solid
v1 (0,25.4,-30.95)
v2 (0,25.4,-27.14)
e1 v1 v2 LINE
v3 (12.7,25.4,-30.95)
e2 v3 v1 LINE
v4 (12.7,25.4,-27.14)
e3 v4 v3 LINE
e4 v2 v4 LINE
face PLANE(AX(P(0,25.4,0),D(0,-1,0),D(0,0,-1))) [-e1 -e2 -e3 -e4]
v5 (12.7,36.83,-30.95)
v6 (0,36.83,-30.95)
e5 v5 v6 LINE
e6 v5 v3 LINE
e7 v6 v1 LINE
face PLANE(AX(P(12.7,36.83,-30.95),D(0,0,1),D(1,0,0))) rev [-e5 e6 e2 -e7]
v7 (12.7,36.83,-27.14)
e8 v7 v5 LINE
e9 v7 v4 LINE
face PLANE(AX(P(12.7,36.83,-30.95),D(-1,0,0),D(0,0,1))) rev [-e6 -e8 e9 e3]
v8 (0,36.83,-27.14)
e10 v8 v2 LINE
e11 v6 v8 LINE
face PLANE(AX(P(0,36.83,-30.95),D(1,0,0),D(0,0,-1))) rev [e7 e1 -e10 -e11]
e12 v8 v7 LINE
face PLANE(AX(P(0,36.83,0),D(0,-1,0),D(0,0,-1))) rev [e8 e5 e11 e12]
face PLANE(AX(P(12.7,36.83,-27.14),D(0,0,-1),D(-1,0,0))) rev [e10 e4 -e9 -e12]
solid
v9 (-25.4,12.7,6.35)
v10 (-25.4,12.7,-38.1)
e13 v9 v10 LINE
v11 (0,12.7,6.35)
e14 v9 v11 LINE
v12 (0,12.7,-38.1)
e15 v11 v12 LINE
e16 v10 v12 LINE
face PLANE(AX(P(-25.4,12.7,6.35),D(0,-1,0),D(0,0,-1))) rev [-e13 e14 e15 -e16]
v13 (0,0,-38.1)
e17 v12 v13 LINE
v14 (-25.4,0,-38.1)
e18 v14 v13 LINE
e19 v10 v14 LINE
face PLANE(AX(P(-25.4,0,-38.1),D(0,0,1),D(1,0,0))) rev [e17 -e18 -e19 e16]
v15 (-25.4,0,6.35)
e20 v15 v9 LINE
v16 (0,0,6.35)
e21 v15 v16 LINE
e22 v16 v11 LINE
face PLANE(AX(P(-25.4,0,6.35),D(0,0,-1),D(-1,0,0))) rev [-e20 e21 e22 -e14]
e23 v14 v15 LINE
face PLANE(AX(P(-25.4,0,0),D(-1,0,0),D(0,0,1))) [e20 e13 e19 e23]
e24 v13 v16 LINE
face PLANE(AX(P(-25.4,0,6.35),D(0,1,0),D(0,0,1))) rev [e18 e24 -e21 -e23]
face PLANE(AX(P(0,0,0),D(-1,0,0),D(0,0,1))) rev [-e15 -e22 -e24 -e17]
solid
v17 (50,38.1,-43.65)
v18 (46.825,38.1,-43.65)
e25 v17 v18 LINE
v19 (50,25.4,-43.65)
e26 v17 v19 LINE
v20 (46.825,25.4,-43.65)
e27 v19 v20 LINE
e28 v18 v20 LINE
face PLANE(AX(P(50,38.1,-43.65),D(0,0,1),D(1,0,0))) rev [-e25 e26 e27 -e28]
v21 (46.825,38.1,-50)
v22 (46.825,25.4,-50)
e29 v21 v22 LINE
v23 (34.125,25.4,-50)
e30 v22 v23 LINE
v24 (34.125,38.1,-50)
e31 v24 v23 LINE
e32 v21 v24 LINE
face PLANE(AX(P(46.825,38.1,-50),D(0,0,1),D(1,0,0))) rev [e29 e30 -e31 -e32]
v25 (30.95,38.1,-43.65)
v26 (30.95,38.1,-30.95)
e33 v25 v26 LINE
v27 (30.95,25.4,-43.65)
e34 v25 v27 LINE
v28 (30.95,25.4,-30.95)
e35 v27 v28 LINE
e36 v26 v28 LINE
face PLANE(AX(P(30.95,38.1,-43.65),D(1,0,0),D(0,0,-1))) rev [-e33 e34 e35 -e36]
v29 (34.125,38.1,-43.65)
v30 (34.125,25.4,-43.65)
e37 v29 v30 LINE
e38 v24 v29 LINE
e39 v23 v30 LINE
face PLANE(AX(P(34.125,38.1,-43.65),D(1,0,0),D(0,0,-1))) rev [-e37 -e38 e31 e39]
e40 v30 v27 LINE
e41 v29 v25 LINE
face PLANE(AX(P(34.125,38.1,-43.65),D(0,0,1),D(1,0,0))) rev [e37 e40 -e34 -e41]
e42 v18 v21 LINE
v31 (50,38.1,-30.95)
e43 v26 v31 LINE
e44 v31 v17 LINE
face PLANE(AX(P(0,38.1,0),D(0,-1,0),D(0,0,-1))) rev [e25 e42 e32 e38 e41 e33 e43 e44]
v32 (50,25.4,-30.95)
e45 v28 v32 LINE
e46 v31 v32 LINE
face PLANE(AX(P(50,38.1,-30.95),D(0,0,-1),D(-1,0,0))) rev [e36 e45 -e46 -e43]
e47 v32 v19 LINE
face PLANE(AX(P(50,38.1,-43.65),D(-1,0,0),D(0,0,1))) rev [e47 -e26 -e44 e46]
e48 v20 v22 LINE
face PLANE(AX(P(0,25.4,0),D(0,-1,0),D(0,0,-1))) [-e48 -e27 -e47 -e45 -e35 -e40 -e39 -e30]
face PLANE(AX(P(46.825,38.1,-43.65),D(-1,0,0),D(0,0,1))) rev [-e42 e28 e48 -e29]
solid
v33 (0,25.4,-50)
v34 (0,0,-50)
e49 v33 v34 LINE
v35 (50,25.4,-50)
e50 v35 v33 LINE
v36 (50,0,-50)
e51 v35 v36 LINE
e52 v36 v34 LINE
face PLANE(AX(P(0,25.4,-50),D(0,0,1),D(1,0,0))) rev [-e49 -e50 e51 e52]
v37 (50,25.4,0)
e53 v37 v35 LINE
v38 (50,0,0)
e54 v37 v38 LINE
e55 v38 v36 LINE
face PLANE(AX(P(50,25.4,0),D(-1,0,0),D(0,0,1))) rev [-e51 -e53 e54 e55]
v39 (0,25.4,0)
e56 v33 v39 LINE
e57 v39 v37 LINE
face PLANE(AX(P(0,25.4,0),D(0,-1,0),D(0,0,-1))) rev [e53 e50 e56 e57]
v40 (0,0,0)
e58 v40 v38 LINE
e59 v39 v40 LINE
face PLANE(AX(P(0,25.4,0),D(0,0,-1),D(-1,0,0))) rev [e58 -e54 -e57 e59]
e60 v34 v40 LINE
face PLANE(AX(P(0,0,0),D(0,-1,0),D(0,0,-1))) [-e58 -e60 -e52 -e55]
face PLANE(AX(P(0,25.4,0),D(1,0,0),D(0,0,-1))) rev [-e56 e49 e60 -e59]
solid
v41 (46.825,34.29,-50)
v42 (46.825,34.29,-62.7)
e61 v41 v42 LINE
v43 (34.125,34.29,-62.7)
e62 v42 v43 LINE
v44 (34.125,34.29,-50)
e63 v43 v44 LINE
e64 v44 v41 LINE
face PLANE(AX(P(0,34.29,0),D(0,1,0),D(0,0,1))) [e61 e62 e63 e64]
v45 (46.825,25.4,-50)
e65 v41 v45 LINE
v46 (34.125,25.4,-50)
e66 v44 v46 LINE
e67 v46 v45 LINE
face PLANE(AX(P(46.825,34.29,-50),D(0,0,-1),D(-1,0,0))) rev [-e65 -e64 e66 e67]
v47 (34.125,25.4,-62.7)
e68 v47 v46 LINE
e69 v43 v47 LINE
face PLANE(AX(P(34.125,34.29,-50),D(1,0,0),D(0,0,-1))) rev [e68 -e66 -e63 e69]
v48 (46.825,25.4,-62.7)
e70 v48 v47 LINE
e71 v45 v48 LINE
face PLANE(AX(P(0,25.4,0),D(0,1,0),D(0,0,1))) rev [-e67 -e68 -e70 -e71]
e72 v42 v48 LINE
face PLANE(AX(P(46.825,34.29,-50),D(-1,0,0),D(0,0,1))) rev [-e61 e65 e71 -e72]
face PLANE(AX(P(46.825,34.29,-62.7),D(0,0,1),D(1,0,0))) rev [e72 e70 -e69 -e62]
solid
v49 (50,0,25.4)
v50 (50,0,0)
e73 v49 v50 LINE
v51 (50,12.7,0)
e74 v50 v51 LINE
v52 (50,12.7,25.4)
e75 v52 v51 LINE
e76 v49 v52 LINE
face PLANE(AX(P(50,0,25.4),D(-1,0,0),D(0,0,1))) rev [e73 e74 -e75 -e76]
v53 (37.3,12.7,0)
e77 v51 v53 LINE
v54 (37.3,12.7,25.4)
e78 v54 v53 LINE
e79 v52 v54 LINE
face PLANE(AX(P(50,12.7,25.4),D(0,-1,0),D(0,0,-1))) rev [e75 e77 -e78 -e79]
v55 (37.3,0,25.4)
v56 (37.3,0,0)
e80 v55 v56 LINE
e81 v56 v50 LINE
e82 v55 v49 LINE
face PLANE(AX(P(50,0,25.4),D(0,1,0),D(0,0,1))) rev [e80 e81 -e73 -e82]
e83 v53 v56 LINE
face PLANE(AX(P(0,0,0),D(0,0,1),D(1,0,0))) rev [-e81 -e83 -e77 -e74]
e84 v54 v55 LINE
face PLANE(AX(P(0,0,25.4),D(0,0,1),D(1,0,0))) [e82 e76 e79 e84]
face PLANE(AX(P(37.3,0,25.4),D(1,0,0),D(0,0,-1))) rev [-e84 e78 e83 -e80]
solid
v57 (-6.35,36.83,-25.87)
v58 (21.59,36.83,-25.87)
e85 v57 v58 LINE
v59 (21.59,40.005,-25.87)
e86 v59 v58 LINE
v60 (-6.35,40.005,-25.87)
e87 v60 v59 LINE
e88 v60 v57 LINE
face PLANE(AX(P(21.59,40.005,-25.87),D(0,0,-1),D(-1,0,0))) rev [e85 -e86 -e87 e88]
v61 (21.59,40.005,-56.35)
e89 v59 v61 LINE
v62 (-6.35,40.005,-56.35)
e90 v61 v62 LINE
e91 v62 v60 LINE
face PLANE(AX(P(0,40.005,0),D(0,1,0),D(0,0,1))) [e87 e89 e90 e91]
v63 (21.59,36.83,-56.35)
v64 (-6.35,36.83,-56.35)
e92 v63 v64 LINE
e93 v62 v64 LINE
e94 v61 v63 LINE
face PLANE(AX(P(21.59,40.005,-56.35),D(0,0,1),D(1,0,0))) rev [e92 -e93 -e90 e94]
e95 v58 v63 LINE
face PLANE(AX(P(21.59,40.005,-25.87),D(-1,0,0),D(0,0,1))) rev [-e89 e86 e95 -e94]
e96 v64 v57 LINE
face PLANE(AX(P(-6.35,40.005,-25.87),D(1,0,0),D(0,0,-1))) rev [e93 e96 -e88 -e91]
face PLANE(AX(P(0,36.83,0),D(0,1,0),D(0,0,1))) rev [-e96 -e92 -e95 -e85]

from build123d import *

# Parameters (mm, degrees)
SKETCH1_W          = 50
SKETCH1_H          = 50
MAIN_BOARDS_DEPTH  = 25.4
SKETCH2_W          = 12.7
SKETCH2_H          = 12.7
USB_DEPTH          = 25.4
SKETCH3_W          = 44.45
SKETCH3_H          = 12.7
PICKIT_DEPTH       = 25.4
HBRIDGE_DEPTH      = 12.7
SKETCH5_W          = 12.7
SKETCH5_H          = 12.7
MOTOR_WIRING_DEPTH = 8.89
SKETCH6_W          = 12.7
SKETCH6_H          = 3.81
HEADER_DEPTH       = 11.43
SKETCH7_W          = 27.94
SKETCH7_H          = 30.48
OLED_DEPTH         = 3.175


with BuildPart() as part:
    # Sketch1 → main boards (new body)
    with BuildSketch(Plane(origin=(0, 0, 0), x_dir=(1, 0, 0), z_dir=(0, 1, 0))):
        with Locations((25, 25)):
            Rectangle(SKETCH1_W, SKETCH1_H)
    extrude(amount=MAIN_BOARDS_DEPTH)


with BuildPart() as body_2:
    # Sketch2 → USB (new body)
    with BuildSketch(Plane.XY):
        with Locations((43.65, 6.35)):
            Rectangle(SKETCH2_W, SKETCH2_H)
    extrude(amount=USB_DEPTH)


with BuildPart() as body_3:
    # Sketch3 → PICKIT (new body)
    with BuildSketch(Plane.ZY):
        with Locations((-15.875, 6.35)):
            Rectangle(SKETCH3_W, SKETCH3_H)
    extrude(amount=PICKIT_DEPTH)


with BuildPart() as body_4:
    # Sketch4 → hbridge (new body)
    with BuildSketch(Plane(origin=(0, 25.4, 0), x_dir=(1, 0, 0), z_dir=(0, 1, 0))):
        Polygon((50, 43.65), (46.825, 43.65), (46.825, 50), (34.125, 50), (34.125, 43.65), (30.95, 43.65), (30.95, 30.95), (50, 30.95), align=None)
    extrude(amount=HBRIDGE_DEPTH)


with BuildPart() as body_5:
    # Sketch5 → motor wiring (new body)
    with BuildSketch(Plane(origin=(0, 25.4, 0), x_dir=(1, 0, 0), z_dir=(0, 1, 0))):
        with Locations((40.475, 56.35)):
            Rectangle(SKETCH5_W, SKETCH5_H)
    extrude(amount=MOTOR_WIRING_DEPTH)


with BuildPart() as body_6:
    # Sketch6 → header (new body)
    with BuildSketch(Plane(origin=(0, 25.4, 0), x_dir=(1, 0, 0), z_dir=(0, 1, 0))):
        with Locations((6.35, 29.045)):
            Rectangle(SKETCH6_W, SKETCH6_H)
    extrude(amount=HEADER_DEPTH)


with BuildPart() as body_7:
    # Sketch7 → OLED (new body)
    with BuildSketch(Plane(origin=(0, 36.83, 0), x_dir=(1, 0, 0), z_dir=(0, 1, 0))):
        with Locations((7.62, 41.11)):
            Rectangle(SKETCH7_W, SKETCH7_H)
    extrude(amount=OLED_DEPTH)


solid = Compound([part.part, body_2.part, body_3.part, body_4.part, body_5.part, body_6.part, body_7.part])
